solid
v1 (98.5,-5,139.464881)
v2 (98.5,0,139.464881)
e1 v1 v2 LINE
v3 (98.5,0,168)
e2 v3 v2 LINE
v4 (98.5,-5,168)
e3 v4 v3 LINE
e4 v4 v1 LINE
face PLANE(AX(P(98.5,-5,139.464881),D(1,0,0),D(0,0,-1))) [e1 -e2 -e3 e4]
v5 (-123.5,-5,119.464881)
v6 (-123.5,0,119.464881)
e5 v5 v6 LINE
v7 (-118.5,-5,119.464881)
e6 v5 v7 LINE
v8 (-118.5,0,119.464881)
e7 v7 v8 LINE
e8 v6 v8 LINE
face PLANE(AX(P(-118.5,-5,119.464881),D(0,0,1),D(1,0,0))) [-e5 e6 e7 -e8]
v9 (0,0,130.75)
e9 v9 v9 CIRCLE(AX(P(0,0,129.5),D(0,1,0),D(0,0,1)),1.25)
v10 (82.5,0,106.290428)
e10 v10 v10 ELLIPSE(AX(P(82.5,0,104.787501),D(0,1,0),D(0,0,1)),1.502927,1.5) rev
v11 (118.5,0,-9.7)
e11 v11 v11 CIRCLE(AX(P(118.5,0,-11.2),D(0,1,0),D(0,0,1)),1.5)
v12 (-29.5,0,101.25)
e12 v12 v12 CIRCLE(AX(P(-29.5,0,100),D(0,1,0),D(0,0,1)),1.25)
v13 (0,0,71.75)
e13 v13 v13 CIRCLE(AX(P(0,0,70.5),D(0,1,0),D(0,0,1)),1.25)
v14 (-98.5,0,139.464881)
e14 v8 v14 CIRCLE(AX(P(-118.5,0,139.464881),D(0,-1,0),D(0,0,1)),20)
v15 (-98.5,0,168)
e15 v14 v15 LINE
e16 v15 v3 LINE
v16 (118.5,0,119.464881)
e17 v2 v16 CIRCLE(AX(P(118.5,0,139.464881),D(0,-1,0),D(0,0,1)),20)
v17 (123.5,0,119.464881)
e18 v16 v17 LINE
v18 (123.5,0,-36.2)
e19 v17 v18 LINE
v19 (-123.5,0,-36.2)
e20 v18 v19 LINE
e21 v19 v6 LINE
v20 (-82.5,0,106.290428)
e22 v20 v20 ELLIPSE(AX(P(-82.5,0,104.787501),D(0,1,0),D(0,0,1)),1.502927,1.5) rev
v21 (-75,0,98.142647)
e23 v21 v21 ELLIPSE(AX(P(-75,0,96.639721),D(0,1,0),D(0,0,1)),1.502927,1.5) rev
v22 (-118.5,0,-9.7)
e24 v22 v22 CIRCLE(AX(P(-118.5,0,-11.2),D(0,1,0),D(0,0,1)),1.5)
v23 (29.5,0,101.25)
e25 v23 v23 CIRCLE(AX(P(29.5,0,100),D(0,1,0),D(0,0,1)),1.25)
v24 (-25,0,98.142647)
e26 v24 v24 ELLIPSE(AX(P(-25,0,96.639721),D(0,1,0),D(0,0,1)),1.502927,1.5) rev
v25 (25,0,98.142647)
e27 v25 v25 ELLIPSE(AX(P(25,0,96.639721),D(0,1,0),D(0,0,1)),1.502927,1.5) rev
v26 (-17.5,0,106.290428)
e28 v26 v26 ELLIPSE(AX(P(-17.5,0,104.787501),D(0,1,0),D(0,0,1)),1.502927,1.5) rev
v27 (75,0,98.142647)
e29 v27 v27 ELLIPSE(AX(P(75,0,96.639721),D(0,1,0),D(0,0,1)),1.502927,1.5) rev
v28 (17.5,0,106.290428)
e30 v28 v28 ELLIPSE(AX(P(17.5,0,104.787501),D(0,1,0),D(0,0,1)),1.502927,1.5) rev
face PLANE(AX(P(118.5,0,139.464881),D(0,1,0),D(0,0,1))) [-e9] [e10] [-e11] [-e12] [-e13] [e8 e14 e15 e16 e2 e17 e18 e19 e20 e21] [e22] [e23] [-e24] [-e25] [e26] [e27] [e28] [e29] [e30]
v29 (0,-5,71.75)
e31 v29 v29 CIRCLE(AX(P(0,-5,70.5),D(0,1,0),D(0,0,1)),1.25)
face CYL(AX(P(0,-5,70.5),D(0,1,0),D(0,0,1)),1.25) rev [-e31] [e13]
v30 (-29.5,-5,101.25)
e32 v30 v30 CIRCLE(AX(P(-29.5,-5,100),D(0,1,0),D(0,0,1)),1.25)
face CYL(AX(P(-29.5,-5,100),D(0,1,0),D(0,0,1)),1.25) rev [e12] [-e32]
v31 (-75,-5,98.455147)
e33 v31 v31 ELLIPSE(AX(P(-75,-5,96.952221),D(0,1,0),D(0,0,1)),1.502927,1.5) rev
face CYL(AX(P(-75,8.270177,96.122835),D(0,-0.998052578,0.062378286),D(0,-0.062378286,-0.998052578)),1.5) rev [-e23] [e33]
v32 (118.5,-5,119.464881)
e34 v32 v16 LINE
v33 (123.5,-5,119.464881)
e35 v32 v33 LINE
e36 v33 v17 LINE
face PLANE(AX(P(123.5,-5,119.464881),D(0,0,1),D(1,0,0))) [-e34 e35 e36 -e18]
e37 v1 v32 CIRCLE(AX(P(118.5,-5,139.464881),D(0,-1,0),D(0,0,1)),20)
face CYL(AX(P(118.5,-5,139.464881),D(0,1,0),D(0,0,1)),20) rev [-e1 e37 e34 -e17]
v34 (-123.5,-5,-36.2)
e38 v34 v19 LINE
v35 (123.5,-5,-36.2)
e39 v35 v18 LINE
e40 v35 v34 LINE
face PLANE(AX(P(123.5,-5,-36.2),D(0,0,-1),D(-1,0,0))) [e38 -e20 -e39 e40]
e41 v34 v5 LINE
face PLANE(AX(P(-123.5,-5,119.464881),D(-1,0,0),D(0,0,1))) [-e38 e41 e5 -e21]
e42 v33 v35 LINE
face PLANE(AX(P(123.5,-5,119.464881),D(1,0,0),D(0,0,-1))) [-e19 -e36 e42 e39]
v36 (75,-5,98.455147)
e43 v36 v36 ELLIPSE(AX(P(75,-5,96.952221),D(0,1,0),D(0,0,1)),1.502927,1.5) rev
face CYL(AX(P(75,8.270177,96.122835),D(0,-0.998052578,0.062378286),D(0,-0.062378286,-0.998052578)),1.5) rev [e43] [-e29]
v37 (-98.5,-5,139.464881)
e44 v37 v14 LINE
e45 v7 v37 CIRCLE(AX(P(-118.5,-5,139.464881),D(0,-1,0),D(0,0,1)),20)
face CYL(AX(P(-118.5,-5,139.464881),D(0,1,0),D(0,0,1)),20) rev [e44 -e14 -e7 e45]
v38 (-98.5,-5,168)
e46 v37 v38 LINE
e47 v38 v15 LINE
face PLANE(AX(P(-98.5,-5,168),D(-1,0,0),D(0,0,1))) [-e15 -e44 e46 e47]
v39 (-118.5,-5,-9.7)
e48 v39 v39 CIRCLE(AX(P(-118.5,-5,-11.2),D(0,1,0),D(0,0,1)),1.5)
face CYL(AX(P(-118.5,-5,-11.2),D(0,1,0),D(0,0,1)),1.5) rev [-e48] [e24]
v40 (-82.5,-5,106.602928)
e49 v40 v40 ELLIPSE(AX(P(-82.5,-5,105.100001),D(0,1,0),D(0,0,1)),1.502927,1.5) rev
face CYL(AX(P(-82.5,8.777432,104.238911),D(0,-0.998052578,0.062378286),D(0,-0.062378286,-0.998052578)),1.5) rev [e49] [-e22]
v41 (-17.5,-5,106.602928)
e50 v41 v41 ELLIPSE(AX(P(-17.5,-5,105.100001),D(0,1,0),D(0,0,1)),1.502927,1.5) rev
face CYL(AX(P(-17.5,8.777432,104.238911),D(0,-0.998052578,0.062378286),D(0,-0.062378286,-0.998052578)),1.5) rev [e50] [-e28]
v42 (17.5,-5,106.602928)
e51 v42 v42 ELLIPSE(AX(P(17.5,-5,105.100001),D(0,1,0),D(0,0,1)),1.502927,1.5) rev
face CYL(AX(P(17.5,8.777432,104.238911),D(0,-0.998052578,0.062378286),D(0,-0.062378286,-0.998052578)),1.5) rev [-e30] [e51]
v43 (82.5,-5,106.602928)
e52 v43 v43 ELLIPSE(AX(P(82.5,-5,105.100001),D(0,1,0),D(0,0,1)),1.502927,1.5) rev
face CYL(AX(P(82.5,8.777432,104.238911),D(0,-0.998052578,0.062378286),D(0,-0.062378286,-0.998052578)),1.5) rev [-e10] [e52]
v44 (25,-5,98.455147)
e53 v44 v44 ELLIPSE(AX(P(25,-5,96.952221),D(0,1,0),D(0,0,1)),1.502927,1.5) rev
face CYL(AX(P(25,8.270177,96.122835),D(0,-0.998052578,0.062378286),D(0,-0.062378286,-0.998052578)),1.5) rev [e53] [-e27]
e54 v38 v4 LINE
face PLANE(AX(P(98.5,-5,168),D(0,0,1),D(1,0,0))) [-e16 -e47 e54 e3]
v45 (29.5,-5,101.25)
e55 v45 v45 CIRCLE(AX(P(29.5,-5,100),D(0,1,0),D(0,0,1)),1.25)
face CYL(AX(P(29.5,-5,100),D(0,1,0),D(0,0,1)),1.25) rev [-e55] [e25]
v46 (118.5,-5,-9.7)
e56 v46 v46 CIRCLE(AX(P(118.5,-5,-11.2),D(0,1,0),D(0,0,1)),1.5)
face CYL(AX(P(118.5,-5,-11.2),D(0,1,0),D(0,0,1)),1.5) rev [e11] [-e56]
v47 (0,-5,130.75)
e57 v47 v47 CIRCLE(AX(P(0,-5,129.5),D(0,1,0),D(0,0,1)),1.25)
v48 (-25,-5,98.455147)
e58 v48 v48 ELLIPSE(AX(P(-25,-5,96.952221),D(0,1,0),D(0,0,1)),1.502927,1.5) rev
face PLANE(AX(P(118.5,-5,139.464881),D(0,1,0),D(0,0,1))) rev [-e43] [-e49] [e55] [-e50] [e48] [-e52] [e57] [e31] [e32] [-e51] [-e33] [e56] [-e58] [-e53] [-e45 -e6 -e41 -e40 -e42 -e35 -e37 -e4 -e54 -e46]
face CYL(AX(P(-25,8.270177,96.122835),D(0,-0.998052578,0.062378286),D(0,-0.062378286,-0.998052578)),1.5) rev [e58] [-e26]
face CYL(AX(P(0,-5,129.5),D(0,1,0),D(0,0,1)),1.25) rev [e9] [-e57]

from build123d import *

# Parameters (mm, degrees)
BOSS_EXTRU_1_DEPTH      = 5
ESQUISSE2_R             = 1.5
ENL_V_MAT_EXTRU_1_DEPTH = 209.56953277
ESQUISSE4_R             = 1.25
ENL_V_MAT_EXTRU_3_DEPTH = 209.56953277
ESQUISSE5_R             = 1.5
ENL_V_MAT_EXTRU_6_DEPTH = 269.378676152


with BuildPart() as part:
    # Esquisse1 → Boss.-Extru.1 (new body)
    with BuildSketch(Plane(origin=(0, 0, 0), x_dir=(1, 0, 0), z_dir=(0, 1, 0))):
        with BuildLine():
            Line((123.5, -119.464880645), (123.5, 36.2))
            Line((123.5, 36.2), (-123.5, 36.2))
            Line((-123.5, 36.2), (-123.5, -119.464880645))
            Line((-123.5, -119.464880645), (-118.5, -119.464880645))
            ThreePointArc((-118.5, -119.464880645), (-104.357864376, -125.322745021), (-98.5, -139.464880645))
            Line((-98.5, -139.464880645), (-98.5, -168))
            Line((-98.5, -168), (98.5, -168))
            Line((98.5, -168), (98.5, -139.464880645))
            ThreePointArc((98.5, -139.464880645), (104.357864376, -125.322745021), (118.5, -119.464880645))
            Line((118.5, -119.464880645), (123.5, -119.464880645))
        make_face()
    extrude(amount=-BOSS_EXTRU_1_DEPTH)

    # Esquisse2 → Enlèv. mat.-Extru.1 (cut, through all)
    with BuildSketch(Plane(origin=(0, 0, 0), x_dir=(1, 0, 0), z_dir=(0, 1, 0))):
        with Locations(Location((-118.5, 11.2, 0), (0, 0, 270))):
            Circle(ESQUISSE2_R)
        with Locations(Location((118.5, 11.2, 0), (0, 0, 270))):
            Circle(ESQUISSE2_R)
    extrude(amount=-ENL_V_MAT_EXTRU_1_DEPTH, mode=Mode.SUBTRACT)

    # Esquisse4 → Enlèv. mat.-Extru.3 (cut, through all)
    with BuildSketch(Plane(origin=(0, 0, 0), x_dir=(1, 0, 0), z_dir=(0, 1, 0))):
        with Locations(Location((0, -129.5, 0), (0, 0, 270))):
            Circle(ESQUISSE4_R)
        with Locations(Location((29.5, -100, 0), (0, 0, 270))):
            Circle(ESQUISSE4_R)
        with Locations(Location((-29.5, -100, 0), (0, 0, 270))):
            Circle(ESQUISSE4_R)
        with Locations(Location((0, -70.5, 0), (0, 0, 270))):
            Circle(ESQUISSE4_R)
    extrude(amount=-ENL_V_MAT_EXTRU_3_DEPTH, mode=Mode.SUBTRACT)

    # Esquisse5 → Enlèv. mat.-Extru.6 (cut, through all)
    with BuildSketch(Plane(origin=(0, -179.424124514, 11.214007782), x_dir=(1, 0, 0), z_dir=(0, 0.9980525784828886, -0.06237828615518076))):
        with Locations(Location((-17.5, -104.583435434, 0), (0, 0, 270))):
            Circle(ESQUISSE5_R)
        with Locations(Location((-25, -96.451522388, 0), (0, 0, 270))):
            Circle(ESQUISSE5_R)
        with Locations(Location((-82.5, -104.583435434, 0), (0, 0, 270))):
            Circle(ESQUISSE5_R)
        with Locations(Location((-75, -96.451522388, 0), (0, 0, 270))):
            Circle(ESQUISSE5_R)
        with Locations(Location((17.5, -104.583435434, 0), (0, 0, 270))):
            Circle(ESQUISSE5_R)
        with Locations(Location((25, -96.451522388, 0), (0, 0, 270))):
            Circle(ESQUISSE5_R)
        with Locations(Location((75, -96.451522388, 0), (0, 0, 270))):
            Circle(ESQUISSE5_R)
        with Locations(Location((82.5, -104.583435434, 0), (0, 0, 270))):
            Circle(ESQUISSE5_R)
    extrude(amount=ENL_V_MAT_EXTRU_6_DEPTH, mode=Mode.SUBTRACT)


solid = part.part
